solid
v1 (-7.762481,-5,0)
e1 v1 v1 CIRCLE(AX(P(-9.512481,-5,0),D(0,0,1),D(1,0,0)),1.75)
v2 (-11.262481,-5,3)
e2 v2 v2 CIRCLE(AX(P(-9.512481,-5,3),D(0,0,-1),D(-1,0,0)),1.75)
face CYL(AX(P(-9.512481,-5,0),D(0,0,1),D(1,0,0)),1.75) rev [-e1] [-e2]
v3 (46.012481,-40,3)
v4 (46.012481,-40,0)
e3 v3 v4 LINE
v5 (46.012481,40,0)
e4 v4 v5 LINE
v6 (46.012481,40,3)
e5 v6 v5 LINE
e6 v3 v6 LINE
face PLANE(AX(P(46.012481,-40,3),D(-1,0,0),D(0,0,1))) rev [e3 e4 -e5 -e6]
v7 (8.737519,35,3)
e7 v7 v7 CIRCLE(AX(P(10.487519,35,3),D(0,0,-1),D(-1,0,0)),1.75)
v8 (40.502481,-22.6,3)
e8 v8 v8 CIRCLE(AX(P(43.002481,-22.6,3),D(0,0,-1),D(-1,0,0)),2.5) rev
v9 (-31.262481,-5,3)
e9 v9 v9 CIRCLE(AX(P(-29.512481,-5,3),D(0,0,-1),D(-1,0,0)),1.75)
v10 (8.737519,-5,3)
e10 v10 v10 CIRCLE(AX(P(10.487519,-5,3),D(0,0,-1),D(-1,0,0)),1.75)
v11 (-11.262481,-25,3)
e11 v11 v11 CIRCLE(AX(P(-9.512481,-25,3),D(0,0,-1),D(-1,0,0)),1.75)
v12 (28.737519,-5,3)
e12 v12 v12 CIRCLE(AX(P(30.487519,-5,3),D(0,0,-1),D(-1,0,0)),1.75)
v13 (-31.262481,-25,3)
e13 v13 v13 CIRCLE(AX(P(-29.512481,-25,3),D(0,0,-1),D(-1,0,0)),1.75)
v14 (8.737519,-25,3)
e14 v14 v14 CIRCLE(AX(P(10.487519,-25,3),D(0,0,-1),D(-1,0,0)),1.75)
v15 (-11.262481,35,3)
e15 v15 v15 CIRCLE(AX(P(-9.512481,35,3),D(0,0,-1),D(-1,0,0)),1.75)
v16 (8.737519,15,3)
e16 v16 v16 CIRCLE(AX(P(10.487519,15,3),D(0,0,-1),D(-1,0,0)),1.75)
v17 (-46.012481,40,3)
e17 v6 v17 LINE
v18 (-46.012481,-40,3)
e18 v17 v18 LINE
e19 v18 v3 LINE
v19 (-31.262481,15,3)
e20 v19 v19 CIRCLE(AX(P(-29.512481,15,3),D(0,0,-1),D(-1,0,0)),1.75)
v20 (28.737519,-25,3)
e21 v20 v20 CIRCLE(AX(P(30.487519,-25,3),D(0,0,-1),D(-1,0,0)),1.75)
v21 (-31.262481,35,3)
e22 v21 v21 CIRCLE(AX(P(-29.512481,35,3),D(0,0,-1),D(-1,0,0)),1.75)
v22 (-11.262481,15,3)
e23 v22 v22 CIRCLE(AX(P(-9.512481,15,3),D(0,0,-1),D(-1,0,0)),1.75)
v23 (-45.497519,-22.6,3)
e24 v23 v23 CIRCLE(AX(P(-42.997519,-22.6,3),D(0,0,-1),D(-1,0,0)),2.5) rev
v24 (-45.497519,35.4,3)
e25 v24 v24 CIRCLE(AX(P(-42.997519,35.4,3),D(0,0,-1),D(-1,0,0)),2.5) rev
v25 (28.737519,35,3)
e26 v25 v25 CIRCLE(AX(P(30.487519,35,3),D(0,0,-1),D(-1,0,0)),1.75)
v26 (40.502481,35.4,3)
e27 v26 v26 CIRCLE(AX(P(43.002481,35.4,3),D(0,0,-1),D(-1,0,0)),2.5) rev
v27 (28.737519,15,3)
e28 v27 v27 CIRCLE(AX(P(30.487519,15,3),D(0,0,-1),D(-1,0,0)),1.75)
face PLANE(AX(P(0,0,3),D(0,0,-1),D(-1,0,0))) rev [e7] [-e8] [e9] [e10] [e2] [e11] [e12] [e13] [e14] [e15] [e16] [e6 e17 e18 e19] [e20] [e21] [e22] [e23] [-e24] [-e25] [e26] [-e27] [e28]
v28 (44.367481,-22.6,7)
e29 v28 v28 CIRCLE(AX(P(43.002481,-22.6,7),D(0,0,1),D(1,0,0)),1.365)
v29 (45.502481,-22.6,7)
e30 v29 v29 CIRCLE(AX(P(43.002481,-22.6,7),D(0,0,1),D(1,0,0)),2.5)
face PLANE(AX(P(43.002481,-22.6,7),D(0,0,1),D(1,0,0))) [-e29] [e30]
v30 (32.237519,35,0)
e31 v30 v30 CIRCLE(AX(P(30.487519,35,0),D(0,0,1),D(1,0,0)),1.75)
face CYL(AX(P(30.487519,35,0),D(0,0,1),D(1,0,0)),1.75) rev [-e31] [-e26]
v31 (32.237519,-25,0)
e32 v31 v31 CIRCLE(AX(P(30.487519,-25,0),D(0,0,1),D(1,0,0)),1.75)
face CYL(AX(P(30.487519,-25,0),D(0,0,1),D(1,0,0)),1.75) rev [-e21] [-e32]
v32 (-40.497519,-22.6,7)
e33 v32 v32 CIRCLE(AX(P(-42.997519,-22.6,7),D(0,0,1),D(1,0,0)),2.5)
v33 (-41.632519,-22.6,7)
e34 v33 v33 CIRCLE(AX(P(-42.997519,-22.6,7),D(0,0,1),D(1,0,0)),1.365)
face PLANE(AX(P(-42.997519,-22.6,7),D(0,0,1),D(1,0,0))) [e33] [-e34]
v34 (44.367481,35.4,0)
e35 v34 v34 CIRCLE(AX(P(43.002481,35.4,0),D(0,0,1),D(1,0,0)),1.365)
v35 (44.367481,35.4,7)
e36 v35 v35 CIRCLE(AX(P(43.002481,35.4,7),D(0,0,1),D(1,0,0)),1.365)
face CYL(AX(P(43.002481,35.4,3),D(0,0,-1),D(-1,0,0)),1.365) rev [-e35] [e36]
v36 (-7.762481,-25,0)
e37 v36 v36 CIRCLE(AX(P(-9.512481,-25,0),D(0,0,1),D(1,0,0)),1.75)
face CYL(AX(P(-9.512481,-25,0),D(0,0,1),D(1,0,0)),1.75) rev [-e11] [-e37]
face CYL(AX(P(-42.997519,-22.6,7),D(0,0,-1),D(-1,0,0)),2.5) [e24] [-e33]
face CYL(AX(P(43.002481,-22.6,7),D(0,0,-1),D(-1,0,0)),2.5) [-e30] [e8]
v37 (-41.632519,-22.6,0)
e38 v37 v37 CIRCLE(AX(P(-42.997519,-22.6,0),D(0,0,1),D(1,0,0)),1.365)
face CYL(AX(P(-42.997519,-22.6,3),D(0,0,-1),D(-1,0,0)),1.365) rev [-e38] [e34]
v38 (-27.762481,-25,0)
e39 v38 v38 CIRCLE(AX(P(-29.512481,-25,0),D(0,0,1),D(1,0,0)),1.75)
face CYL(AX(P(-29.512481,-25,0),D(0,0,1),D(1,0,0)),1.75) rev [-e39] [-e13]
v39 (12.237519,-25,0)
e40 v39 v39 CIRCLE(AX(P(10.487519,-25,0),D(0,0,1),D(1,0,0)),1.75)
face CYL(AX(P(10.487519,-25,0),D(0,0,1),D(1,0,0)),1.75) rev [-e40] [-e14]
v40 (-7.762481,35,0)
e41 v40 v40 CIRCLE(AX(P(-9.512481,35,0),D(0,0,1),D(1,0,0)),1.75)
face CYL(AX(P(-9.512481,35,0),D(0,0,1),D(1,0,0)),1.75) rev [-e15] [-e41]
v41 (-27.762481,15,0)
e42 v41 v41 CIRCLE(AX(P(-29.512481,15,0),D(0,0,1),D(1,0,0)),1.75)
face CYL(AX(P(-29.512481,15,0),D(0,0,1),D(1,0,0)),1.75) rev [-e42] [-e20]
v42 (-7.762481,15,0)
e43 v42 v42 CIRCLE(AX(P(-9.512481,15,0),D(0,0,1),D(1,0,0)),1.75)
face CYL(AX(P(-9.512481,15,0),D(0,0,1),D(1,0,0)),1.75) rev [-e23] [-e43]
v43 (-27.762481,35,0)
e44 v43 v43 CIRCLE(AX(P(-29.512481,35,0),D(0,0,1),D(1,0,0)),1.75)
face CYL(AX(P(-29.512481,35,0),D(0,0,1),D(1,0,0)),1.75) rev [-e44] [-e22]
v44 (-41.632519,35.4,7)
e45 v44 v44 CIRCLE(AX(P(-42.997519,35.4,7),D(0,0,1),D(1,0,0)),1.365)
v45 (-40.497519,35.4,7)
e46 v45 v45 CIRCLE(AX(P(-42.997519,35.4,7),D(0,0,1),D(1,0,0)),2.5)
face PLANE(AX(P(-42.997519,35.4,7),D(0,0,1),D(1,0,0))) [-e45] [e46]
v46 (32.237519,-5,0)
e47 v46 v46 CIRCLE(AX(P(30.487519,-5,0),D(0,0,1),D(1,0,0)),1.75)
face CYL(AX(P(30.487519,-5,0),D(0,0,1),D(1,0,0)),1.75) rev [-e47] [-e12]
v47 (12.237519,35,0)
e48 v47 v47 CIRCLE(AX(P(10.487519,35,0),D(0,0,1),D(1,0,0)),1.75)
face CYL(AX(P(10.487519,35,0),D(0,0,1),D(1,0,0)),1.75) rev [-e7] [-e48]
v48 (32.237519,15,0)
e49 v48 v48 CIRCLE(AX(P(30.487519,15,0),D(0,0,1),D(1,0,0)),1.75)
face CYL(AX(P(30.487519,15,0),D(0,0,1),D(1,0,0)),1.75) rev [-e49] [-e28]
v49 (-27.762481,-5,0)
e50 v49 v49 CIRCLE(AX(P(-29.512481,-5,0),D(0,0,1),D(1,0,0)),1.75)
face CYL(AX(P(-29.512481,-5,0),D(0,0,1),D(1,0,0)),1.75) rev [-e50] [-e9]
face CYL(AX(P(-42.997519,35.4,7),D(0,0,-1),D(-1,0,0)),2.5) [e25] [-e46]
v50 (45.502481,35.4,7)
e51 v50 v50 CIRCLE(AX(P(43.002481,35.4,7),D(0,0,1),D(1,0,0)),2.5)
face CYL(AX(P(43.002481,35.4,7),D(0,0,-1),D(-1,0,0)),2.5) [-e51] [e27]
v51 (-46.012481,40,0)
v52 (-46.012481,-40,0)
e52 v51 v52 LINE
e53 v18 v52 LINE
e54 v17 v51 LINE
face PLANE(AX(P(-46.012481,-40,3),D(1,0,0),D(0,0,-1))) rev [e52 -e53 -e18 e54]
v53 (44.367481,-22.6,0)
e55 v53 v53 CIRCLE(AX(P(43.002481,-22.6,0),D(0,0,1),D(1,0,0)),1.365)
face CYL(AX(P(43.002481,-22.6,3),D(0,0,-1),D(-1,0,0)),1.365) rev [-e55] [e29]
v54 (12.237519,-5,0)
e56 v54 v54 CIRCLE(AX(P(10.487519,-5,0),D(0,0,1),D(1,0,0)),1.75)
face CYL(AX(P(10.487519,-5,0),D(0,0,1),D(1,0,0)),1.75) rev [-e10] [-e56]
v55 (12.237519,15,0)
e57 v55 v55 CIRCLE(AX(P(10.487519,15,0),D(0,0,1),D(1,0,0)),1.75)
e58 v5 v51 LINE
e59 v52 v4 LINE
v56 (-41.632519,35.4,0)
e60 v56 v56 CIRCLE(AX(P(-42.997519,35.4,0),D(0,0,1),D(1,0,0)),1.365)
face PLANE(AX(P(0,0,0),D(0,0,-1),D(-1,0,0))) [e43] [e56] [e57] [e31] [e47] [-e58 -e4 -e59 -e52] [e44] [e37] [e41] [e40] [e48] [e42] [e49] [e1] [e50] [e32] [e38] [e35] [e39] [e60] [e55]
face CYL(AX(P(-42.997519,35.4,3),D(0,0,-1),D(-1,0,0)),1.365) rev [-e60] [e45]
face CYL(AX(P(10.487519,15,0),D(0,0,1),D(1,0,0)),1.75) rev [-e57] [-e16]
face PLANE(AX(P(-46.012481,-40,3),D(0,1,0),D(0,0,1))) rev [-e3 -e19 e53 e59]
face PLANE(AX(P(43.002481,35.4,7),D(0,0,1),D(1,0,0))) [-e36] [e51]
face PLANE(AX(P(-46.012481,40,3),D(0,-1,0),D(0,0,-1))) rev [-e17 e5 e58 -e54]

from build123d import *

# Parameters (mm, degrees)
SKETCH1_W            = 92.024962686
SKETCH1_H            = 80
SKETCH1_R            = 1.365
BOSS_EXTRUDE1_DEPTH  = 3
SKETCH3_R            = 2.5
SKETCH3_R_2          = 1.365
BOSS_EXTRUDE2_DEPTH  = 4
CUT_EXTRUDE2_START   = -4
SKETCH4_R            = 1.75
CUT_EXTRUDE2_DEPTH   = 9
LPATTERN1_COUNT      = 4
LPATTERN1_PITCH      = 20
LPATTERN1_COUNT_DIR2 = 4
LPATTERN1_PITCH_DIR2 = 20


with BuildPart() as part:
    # Sketch1 → Boss-Extrude1 (new body)
    with BuildSketch(Plane.XY):
        Rectangle(SKETCH1_W, SKETCH1_H)
        with Locations((-42.997518657, 35.4)):
            Circle(SKETCH1_R, mode=Mode.SUBTRACT)
        with Locations((43.002481343, 35.4)):
            Circle(SKETCH1_R, mode=Mode.SUBTRACT)
        with Locations((-42.997518657, -22.6)):
            Circle(SKETCH1_R, mode=Mode.SUBTRACT)
        with Locations((43.002481343, -22.6)):
            Circle(SKETCH1_R, mode=Mode.SUBTRACT)
    extrude(amount=BOSS_EXTRUDE1_DEPTH)

    # Sketch3 → Boss-Extrude2 (add)
    with BuildSketch(Plane.XY.offset(3)):
        with Locations((-42.997518657, 35.4)):
            Circle(SKETCH3_R)
        with Locations((-42.997518657, 35.4)):
            Circle(SKETCH3_R_2, mode=Mode.SUBTRACT)
        with Locations((-42.997518657, -22.6)):
            Circle(SKETCH3_R)
        with Locations((-42.997518657, -22.6)):
            Circle(SKETCH3_R_2, mode=Mode.SUBTRACT)
        with Locations((43.002481343, 35.4)):
            Circle(SKETCH3_R)
        with Locations((43.002481343, 35.4)):
            Circle(SKETCH3_R_2, mode=Mode.SUBTRACT)
        with Locations((43.002481343, -22.6)):
            Circle(SKETCH3_R)
        with Locations((43.002481343, -22.6)):
            Circle(SKETCH3_R_2, mode=Mode.SUBTRACT)
    extrude(amount=BOSS_EXTRUDE2_DEPTH)

    # Sketch4 → Cut-Extrude2 (cut)
    with BuildSketch(Plane.XY.offset(3).offset(CUT_EXTRUDE2_START)):
        with Locations((-29.512481343, 35)):
            Circle(SKETCH4_R)
    cut_extrude2 = extrude(amount=CUT_EXTRUDE2_DEPTH, mode=Mode.SUBTRACT)

    # LPattern1: Cut-Extrude2 4 × 4
    with Locations(*[(i * LPATTERN1_PITCH, -j * LPATTERN1_PITCH_DIR2, 0) for i in range(LPATTERN1_COUNT) for j in range(LPATTERN1_COUNT_DIR2) if (i, j) != (0, 0)]):
        add(cut_extrude2, mode=Mode.SUBTRACT)


solid = part.part
